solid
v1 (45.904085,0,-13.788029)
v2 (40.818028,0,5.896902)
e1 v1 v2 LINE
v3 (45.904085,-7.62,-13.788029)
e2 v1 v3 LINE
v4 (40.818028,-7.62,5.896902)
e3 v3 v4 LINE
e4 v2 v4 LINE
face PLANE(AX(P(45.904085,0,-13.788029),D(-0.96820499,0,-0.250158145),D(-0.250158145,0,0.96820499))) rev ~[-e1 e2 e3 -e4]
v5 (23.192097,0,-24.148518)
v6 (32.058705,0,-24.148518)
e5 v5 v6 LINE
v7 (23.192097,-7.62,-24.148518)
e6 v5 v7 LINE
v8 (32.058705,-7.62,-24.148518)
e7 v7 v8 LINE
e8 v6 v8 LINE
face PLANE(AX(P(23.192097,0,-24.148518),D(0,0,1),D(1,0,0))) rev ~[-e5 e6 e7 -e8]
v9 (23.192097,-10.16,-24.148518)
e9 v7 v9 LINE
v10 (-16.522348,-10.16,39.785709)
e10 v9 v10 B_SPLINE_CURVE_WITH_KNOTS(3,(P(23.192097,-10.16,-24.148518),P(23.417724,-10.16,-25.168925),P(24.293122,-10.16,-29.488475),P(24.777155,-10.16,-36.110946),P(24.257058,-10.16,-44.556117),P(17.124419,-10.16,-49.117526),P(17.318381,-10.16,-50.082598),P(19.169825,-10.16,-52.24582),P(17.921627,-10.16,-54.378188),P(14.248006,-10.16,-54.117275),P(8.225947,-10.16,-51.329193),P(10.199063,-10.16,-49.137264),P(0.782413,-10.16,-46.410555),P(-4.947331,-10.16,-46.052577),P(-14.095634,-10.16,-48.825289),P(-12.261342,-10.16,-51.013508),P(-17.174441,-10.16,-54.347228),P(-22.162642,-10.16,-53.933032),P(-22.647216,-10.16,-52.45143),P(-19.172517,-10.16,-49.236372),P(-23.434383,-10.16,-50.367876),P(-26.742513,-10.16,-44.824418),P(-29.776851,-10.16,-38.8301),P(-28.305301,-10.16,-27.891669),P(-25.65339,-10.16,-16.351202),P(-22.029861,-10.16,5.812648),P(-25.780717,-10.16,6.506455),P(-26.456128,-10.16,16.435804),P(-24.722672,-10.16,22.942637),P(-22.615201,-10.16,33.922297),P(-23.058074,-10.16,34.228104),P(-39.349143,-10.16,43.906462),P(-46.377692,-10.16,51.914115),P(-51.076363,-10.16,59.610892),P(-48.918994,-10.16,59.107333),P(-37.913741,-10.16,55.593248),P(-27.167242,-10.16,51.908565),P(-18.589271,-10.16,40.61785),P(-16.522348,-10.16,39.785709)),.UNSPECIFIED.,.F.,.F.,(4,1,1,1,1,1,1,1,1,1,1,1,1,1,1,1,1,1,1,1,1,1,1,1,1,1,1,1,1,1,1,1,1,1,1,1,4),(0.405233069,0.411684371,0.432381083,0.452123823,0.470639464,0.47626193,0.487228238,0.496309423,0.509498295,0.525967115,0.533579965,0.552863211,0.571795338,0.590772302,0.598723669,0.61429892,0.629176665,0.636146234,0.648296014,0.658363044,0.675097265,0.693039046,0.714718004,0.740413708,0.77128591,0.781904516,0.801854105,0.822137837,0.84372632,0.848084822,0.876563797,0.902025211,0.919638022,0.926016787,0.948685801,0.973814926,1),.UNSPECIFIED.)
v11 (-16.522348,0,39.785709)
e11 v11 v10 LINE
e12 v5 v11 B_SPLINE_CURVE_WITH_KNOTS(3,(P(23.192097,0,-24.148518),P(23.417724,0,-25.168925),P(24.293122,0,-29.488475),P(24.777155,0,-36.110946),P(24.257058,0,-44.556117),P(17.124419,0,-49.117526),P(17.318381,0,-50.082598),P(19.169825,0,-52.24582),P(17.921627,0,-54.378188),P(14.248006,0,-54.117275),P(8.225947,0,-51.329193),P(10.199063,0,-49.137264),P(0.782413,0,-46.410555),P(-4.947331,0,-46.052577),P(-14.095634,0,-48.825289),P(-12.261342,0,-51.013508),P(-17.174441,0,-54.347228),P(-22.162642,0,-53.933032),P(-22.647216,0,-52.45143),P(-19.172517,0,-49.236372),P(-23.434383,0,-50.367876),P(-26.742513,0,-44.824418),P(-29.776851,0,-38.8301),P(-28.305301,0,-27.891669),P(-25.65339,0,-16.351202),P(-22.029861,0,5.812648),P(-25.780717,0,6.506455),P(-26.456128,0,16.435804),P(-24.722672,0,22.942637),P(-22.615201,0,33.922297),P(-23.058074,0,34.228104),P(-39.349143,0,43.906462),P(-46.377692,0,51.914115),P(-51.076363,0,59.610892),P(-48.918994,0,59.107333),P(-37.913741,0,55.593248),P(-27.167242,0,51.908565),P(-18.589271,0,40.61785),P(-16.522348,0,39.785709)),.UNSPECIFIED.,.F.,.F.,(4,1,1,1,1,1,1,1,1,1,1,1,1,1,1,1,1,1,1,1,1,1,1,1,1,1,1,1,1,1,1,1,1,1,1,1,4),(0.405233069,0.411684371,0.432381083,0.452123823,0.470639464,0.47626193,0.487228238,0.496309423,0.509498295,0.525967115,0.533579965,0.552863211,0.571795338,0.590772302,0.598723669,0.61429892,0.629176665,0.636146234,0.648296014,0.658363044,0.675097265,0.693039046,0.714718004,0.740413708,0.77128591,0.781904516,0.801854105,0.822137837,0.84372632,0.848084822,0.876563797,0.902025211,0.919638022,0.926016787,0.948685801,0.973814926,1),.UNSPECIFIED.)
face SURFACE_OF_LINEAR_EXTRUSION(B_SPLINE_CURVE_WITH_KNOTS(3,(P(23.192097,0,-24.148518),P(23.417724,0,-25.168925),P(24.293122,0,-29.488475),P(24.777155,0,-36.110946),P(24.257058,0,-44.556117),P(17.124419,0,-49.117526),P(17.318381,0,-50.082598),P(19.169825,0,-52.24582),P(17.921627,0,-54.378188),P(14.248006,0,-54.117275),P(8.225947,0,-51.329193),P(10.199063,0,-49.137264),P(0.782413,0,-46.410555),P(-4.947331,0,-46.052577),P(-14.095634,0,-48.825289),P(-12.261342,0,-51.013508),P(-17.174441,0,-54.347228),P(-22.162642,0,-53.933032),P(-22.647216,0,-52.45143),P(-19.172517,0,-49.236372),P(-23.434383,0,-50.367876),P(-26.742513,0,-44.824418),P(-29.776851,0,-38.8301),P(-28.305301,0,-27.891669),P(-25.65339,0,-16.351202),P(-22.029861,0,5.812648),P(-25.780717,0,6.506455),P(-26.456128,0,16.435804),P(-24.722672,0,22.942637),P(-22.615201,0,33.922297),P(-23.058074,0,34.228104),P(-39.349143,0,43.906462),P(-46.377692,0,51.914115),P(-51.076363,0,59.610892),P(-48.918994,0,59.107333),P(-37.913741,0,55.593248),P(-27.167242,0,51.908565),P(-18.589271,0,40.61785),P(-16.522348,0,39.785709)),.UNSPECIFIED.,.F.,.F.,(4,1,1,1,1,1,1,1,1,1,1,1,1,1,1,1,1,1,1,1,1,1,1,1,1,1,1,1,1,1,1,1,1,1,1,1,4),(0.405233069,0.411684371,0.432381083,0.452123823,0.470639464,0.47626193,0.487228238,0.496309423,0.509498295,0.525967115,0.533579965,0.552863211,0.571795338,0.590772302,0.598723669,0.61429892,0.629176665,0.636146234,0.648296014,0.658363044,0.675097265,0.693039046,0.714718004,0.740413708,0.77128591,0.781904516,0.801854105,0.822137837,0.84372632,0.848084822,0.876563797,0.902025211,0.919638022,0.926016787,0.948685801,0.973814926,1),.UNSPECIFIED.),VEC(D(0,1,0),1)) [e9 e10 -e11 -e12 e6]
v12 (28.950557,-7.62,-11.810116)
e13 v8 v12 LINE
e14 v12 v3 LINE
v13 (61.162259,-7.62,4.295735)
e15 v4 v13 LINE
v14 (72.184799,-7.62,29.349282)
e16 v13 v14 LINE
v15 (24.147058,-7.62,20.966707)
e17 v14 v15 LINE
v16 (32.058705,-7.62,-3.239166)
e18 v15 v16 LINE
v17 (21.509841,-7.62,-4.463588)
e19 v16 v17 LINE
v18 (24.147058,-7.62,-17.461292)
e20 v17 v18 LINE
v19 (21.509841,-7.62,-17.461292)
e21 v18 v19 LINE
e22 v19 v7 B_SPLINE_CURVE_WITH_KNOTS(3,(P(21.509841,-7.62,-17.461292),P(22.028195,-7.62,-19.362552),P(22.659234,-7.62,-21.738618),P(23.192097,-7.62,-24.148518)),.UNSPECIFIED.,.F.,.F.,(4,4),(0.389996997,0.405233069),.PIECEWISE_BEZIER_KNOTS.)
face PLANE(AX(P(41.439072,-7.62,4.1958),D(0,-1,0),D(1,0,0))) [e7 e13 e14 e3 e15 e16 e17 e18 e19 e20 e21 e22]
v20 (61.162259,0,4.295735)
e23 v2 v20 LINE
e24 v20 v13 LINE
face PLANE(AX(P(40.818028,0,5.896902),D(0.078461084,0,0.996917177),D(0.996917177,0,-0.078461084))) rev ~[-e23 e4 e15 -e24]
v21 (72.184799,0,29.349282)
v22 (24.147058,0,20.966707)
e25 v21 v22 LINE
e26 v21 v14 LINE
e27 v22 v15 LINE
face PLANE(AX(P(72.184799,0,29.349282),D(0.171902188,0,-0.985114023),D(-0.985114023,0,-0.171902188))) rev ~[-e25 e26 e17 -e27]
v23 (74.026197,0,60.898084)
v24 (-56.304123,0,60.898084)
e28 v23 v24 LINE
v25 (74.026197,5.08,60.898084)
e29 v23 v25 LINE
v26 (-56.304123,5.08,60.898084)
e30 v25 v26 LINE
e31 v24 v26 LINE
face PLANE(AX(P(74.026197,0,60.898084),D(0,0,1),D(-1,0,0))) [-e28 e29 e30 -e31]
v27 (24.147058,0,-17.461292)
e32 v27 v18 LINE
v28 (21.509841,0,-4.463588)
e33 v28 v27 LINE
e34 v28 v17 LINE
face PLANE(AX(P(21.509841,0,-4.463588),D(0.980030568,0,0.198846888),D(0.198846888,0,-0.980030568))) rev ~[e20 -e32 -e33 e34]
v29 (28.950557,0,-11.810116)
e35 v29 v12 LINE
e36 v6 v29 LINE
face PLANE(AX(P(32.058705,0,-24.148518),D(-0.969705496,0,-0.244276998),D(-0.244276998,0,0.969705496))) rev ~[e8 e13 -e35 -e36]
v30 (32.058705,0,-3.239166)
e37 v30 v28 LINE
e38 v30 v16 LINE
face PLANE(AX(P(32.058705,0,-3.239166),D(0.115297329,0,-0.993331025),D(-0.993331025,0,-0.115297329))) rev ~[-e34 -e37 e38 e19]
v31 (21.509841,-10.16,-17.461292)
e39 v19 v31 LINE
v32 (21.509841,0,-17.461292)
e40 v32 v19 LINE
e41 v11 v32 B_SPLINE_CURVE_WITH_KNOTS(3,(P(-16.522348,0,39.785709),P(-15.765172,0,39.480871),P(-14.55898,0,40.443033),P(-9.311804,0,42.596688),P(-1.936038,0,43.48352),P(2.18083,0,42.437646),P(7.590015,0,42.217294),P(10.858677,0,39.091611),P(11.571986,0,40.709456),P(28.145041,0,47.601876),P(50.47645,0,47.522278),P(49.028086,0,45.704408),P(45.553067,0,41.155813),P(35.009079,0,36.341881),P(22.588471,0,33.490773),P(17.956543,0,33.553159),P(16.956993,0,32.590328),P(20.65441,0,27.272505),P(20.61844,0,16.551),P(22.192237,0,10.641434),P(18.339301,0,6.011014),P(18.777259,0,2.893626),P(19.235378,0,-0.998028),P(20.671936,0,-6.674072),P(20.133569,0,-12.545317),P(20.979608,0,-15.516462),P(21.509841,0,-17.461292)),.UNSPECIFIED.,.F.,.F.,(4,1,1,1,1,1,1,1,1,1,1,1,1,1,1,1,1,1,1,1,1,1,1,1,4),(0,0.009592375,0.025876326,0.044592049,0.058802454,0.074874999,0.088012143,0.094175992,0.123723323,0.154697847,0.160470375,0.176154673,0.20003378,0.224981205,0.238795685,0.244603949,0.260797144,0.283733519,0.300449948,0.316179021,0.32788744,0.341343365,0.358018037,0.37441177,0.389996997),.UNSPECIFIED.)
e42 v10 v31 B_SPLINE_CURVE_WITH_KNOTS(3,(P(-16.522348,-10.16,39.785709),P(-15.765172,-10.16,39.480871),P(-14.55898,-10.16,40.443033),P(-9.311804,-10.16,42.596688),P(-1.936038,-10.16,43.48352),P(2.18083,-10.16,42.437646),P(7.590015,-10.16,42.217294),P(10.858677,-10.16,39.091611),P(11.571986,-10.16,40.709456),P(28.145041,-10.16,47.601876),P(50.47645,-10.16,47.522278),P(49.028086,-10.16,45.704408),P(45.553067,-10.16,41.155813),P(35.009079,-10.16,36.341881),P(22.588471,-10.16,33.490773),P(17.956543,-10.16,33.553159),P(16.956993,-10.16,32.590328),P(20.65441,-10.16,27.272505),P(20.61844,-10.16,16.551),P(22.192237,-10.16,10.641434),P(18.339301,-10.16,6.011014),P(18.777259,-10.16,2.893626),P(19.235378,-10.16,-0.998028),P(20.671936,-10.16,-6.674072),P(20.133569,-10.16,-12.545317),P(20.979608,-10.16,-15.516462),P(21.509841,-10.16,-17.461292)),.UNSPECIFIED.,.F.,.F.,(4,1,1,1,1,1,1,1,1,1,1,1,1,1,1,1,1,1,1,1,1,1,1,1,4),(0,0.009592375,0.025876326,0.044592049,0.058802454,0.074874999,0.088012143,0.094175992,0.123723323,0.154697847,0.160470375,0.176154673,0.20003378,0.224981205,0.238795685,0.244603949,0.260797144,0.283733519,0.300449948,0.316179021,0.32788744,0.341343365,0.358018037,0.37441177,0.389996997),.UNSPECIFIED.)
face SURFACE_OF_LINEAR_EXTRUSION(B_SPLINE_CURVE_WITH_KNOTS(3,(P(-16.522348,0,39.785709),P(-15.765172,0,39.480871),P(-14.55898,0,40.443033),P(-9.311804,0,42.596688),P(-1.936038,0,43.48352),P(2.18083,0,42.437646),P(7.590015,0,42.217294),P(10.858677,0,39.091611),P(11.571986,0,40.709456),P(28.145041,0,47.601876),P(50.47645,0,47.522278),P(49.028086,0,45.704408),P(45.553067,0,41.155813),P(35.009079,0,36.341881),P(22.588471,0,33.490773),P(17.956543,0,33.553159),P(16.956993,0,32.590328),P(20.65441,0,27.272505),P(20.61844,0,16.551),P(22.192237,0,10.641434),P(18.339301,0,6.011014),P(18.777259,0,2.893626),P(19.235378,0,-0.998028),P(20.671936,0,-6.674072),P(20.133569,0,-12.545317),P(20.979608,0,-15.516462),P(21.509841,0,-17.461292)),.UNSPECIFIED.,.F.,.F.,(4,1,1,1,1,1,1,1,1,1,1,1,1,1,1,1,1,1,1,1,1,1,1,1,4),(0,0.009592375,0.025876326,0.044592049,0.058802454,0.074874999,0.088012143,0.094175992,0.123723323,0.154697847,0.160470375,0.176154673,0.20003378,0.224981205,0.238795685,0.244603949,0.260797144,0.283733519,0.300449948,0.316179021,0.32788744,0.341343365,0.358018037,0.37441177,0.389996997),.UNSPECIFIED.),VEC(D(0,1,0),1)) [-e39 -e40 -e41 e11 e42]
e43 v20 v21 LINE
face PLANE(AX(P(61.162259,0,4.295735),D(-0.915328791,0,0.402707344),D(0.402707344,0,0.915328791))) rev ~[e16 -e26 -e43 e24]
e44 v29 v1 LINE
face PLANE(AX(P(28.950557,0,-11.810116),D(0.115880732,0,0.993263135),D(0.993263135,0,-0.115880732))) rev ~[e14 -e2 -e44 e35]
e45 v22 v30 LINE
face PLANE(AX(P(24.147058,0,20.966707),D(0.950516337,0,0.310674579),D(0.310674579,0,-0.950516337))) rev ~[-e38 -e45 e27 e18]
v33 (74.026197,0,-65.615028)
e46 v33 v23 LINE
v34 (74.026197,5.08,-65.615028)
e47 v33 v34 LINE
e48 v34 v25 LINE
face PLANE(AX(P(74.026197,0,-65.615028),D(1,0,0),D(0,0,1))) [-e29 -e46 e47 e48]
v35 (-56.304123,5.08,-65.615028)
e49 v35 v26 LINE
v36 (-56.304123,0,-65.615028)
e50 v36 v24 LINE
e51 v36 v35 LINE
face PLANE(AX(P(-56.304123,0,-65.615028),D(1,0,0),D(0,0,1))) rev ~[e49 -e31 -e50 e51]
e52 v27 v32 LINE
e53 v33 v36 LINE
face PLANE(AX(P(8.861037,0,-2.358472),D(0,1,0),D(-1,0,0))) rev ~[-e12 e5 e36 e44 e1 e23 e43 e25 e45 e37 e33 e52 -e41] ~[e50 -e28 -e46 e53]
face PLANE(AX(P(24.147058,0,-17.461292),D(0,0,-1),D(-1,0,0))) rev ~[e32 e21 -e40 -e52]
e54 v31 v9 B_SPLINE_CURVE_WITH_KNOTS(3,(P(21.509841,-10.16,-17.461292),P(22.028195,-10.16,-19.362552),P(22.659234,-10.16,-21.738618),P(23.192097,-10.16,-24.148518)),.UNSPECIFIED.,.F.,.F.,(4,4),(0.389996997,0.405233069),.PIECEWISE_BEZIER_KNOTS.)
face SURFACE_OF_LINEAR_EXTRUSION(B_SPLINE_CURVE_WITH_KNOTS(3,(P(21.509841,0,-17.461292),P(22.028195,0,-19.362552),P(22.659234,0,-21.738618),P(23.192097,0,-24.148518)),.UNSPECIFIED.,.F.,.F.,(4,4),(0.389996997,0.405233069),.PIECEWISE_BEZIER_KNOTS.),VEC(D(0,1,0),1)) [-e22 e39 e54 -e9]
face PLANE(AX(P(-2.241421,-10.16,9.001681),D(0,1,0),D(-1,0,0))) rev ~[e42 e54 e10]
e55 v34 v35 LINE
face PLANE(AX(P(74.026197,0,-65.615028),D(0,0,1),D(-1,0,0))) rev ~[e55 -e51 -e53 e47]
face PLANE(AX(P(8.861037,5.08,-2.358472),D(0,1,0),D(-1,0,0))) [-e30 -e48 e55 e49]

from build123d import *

# Parameters (mm, degrees)
F1_DEPTH = 10.16
F2_DEPTH = 7.62
F3_W     = 130.3303204477
F3_H     = 126.5131123364
F4_DEPTH = 5.08


with BuildPart() as f1:
    # F0 (on Front) → F1 (new body)
    with BuildSketch(Plane.XZ):
        with BuildLine():
            add(Edge.make_bspline(
                [(-16.5223479271, 39.7857092321), (-15.7651721627, 39.480871296), (-14.5589803795, 40.4430325742), (-9.3118043925, 42.5966883327), (-1.9360381488, 43.48351969), (2.1808302369, 42.4376464102), (7.5900150213, 42.2172938458), (10.8586766262, 39.0916114585), (11.5719861441, 40.7094561305), (28.1450408594, 47.6018758136), (50.476450283, 47.5222780112), (49.0280855, 45.7044078845), (45.5530673492, 41.1558125114), (35.0090790983, 36.3418812697), (22.5884714287, 33.4907726338), (17.9565430261, 33.5531588161), (16.9569925385, 32.5903283126), (20.6544103684, 27.2725050684), (20.6184396313, 16.5510003713), (22.1922374361, 10.6414338932), (18.3393006593, 6.0110138755), (18.7772594702, 2.8936256269), (19.235378097, -0.998027871), (20.6719359562, -6.6740722175), (20.1335687458, -12.5453173828), (20.9796080989, -15.5164624949), (21.5098410845, -17.4612924457)],
                knots=[0, 0, 0, 0, 0.0095923747, 0.025876326, 0.0445920486, 0.0588024542, 0.0748749995, 0.088012143, 0.094175992, 0.1237233234, 0.154697847, 0.1604703751, 0.1761546731, 0.2000337802, 0.2249812045, 0.2387956846, 0.244603949, 0.2607971442, 0.2837335195, 0.300449948, 0.3161790213, 0.3278874403, 0.3413433645, 0.3580180371, 0.3744117702, 0.3899969974, 0.3899969974, 0.3899969974, 0.3899969974], degree=3))
            add(Edge.make_bspline(
                [(23.1920970436, -24.1485182196), (23.4177235249, -25.1689254289), (24.2931224442, -29.4884745723), (24.7771551524, -36.1109456346), (24.2570580061, -44.5561165638), (17.1244194481, -49.1175262925), (17.318381094, -50.0825984079), (19.1698252974, -52.2458201887), (17.9216267498, -54.3781878606), (14.2480056514, -54.1172745311), (8.2259469154, -51.3291927739), (10.1990631545, -49.1372644352), (0.7824132385, -46.4105547936), (-4.9473307407, -46.0525771622), (-14.0956335522, -48.8252891859), (-12.2613416303, -51.0135083962), (-17.174441272, -54.3472281437), (-22.1626417297, -53.9330321343), (-22.647215964, -52.451429833), (-19.1725165317, -49.2363721505), (-23.4343828555, -50.3678756954), (-26.7425132222, -44.824417668), (-29.7768508084, -38.8301004191), (-28.3053011663, -27.8916694259), (-25.6533899236, -16.3512017727), (-22.0298607549, 5.8126477898), (-25.7807166889, 6.5064548538), (-26.4561283029, 16.4358035221), (-24.7226723987, 22.9426370936), (-22.6152010487, 33.9222971786), (-23.0580742139, 34.2281040036), (-39.3491433354, 43.9064616044), (-46.3776917602, 51.9141154187), (-51.0763627354, 59.6108920896), (-48.9189941335, 59.1073331356), (-37.9137412309, 55.5932484838), (-27.1672422322, 51.9085651422), (-18.5892712756, 40.6178497697), (-16.5223479271, 39.7857092321)],
                knots=[0.4052330687, 0.4052330687, 0.4052330687, 0.4052330687, 0.4116843708, 0.4323810834, 0.4521238233, 0.4706394641, 0.4762619297, 0.4872282383, 0.4963094234, 0.509498295, 0.5259671148, 0.5335799653, 0.5528632115, 0.5717953375, 0.5907723015, 0.5987236685, 0.6142989201, 0.6291766646, 0.6361462339, 0.6482960141, 0.6583630441, 0.6750972651, 0.6930390463, 0.7147180044, 0.7404137076, 0.7712859105, 0.7819045161, 0.8018541048, 0.8221378368, 0.8437263205, 0.848084822, 0.8765637967, 0.9020252109, 0.9196380224, 0.9260167874, 0.9486858006, 0.9738149262, 1, 1, 1, 1], degree=3))
            add(Edge.make_bspline(
                [(21.5098410845, -17.4612924457), (22.0281952614, -19.3625523743), (22.6592338932, -21.7386175853), (23.1920970436, -24.1485182196)],
                knots=[0.3899969974, 0.3899969974, 0.3899969974, 0.3899969974, 0.4052330687, 0.4052330687, 0.4052330687, 0.4052330687], degree=3))
        make_face()
    extrude(amount=F1_DEPTH)

    # F0 (on Front) → F2 (join)
    with BuildSketch(Plane.XZ):
        with BuildLine():
            Line((24.1470579058, -17.4612924457), (21.5098410845, -17.4612924457))
            add(Edge.make_bspline(
                [(21.5098410845, -17.4612924457), (22.0281952614, -19.3625523743), (22.6592338932, -21.7386175853), (23.1920970436, -24.1485182196)],
                knots=[0.3899969974, 0.3899969974, 0.3899969974, 0.3899969974, 0.4052330687, 0.4052330687, 0.4052330687, 0.4052330687], degree=3))
            Line((23.1920970436, -24.1485182196), (32.0587046444, -24.1485182196))
            Line((32.0587046444, -24.1485182196), (28.9505571127, -11.8101164699))
            Line((28.9505571127, -11.8101164699), (45.9040850401, -13.7880286202))
            Line((45.9040850401, -13.7880286202), (40.818028152, 5.8969017118))
            Line((40.818028152, 5.8969017118), (61.1622594297, 4.2957351543))
            Line((61.1622594297, 4.2957351543), (72.1847986147, 29.3492823839))
            Line((72.1847986147, 29.3492823839), (24.1470579058, 20.9667067975))
            Line((24.1470579058, 20.9667067975), (32.0587046444, -3.2391664572))
            Line((32.0587046444, -3.2391664572), (21.5098410845, -4.4635878876))
            Line((21.5098410845, -4.4635878876), (24.1470579058, -17.4612924457))
        make_face()
    extrude(amount=F2_DEPTH)

    # F3 (on face) → F4 (join)
    with BuildSketch(Plane(origin=(0, 0, 0), x_dir=(-1, 0, 0), z_dir=(0, 1, 0))):
        with Locations((-8.8610369712, -2.3584719747)):
            Rectangle(F3_W, F3_H)
    extrude(amount=F4_DEPTH)


solid = f1.part
